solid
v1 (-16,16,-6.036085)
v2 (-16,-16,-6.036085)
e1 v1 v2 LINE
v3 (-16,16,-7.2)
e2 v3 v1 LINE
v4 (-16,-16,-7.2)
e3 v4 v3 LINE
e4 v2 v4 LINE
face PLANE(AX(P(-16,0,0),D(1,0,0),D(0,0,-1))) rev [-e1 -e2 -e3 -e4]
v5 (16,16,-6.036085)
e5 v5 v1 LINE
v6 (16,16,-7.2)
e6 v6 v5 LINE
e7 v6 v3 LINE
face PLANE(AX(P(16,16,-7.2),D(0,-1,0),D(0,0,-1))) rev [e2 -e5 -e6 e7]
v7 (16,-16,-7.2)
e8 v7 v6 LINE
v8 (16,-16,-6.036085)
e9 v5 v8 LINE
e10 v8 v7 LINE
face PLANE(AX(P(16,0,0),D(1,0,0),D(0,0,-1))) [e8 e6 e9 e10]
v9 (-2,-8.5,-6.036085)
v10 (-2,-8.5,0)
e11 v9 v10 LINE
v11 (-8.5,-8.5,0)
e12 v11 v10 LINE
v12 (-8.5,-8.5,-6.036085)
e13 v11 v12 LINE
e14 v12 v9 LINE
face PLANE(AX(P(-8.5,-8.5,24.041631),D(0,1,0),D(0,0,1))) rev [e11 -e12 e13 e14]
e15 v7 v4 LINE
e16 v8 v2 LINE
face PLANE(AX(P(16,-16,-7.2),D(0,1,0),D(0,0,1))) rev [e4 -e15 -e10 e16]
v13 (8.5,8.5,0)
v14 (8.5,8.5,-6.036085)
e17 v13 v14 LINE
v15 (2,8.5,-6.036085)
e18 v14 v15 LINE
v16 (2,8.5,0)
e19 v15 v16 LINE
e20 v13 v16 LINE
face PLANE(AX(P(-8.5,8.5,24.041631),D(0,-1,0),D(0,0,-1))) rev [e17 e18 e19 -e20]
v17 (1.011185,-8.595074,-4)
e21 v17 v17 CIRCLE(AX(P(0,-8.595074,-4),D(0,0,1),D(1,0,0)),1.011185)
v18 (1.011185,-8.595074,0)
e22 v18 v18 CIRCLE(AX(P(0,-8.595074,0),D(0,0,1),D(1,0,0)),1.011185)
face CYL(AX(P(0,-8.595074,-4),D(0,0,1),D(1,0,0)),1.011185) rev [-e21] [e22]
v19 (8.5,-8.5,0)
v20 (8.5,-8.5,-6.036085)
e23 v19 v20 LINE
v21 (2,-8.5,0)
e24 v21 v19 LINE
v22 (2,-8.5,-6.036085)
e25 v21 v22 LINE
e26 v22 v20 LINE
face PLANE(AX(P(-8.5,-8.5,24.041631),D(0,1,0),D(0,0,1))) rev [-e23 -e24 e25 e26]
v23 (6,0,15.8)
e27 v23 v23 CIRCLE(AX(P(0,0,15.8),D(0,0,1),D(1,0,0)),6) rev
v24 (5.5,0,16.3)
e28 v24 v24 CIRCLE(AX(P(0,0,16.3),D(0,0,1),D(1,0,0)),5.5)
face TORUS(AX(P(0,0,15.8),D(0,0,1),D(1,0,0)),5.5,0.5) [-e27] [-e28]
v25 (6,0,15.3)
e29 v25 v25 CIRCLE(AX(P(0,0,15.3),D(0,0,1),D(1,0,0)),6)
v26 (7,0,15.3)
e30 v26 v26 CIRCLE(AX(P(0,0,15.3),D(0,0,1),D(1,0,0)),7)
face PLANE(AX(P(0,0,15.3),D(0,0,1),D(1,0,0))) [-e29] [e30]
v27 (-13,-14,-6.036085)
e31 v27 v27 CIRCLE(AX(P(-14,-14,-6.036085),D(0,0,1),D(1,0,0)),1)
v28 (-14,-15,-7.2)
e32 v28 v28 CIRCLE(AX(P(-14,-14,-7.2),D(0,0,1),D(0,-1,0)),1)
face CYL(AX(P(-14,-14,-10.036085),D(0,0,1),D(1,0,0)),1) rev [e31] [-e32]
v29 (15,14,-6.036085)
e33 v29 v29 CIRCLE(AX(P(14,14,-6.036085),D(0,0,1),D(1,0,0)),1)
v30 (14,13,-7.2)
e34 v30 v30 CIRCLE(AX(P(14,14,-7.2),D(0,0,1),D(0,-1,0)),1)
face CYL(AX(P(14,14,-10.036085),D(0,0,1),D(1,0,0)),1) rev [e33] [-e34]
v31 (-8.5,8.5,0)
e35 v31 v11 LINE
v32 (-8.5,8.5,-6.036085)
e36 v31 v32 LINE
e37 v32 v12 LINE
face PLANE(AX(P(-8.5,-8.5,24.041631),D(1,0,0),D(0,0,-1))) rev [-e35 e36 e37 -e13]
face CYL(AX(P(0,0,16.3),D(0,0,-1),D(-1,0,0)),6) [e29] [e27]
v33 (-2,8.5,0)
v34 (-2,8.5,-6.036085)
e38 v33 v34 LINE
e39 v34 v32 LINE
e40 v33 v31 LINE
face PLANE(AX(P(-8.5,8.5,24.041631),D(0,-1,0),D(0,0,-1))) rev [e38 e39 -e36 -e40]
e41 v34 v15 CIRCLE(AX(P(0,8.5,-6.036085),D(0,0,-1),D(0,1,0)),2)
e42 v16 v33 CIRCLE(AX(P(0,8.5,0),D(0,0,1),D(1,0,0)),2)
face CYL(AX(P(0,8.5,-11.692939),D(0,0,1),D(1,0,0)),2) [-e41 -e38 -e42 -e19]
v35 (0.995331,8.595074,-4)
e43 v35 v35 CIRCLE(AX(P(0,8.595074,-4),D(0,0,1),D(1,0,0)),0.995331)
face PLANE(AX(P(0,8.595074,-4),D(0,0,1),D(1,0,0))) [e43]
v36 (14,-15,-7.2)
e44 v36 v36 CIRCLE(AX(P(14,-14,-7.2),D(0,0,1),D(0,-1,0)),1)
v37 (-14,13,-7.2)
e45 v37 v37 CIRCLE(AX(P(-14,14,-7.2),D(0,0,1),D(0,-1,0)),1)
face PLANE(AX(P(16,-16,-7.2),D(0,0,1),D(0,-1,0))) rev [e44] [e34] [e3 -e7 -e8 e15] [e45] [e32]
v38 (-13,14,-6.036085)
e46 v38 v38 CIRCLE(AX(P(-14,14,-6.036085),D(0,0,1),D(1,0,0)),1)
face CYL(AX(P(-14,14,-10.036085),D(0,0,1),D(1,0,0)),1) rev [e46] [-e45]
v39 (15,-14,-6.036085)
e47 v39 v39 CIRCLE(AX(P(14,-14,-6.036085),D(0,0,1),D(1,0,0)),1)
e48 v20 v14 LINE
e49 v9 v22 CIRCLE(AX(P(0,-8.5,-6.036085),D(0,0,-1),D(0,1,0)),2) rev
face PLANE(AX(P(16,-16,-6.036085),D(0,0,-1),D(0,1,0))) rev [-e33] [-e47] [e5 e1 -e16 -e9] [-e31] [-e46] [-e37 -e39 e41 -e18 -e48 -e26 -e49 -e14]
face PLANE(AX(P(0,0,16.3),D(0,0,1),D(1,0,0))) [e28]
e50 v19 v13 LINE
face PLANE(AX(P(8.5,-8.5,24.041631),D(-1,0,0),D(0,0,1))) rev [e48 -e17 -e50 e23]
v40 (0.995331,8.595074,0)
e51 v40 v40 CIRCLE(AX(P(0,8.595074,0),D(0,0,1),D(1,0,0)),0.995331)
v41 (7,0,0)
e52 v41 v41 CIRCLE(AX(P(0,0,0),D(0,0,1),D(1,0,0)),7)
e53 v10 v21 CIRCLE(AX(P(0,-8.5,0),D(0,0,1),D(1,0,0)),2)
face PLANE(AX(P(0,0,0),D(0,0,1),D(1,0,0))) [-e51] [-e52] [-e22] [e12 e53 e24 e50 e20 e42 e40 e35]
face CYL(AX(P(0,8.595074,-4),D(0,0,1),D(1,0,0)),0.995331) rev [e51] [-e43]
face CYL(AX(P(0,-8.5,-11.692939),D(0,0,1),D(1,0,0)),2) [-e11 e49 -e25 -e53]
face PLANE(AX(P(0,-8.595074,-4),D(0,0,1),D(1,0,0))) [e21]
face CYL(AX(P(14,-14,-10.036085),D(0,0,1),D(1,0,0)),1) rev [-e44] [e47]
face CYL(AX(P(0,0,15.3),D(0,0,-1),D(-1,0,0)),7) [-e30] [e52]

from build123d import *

# Parameters (mm, degrees)
SKETCH1_R           = 7
BOSS_EXTRUDE1_DEPTH = 15.3
SKETCH2_R           = 6
BOSS_EXTRUDE2_DEPTH = 1
FILLET1_R           = 0.5
SKETCH3_W           = 1.163915396
SKETCH3_H           = 32
BOSS_EXTRUDE3_DEPTH = 16
SKETCH4_W           = 17
SKETCH4_H           = 17
BOSS_EXTRUDE4_DEPTH = 6.036084604
SKETCH5_R           = 1
CUT_EXTRUDE1_DEPTH  = 4
SKETCH6_R           = 2
BOSS_EXTRUDE5_DEPTH = 6.036084604
SKETCH7_R           = 0.995331294
SKETCH7_R_2         = 1.011185122
CUT_EXTRUDE2_DEPTH  = 4


with BuildPart() as part:
    # Sketch1 → Boss-Extrude1 (new body)
    with BuildSketch(Plane.XY):
        Circle(SKETCH1_R)
    extrude(amount=BOSS_EXTRUDE1_DEPTH)

    # Sketch2 → Boss-Extrude2 (add)
    with BuildSketch(Plane.XY.offset(15.3)):
        Circle(SKETCH2_R)
    extrude(amount=BOSS_EXTRUDE2_DEPTH)

    # Fillet1
    fillet1_edges = [part.edges().sort_by_distance(p)[0] for p in [
        (-6, 0, 16.3),
    ]]
    fillet(fillet1_edges, radius=FILLET1_R)



with BuildPart() as body_2:
    # Sketch3 → Boss-Extrude3 (new, symmetric)
    with BuildSketch(Plane(origin=(0, 0, 0), x_dir=(0, 0, -1), z_dir=(1, 0, 0))):
        with Locations((6.618042302, 0)):
            Rectangle(SKETCH3_W, SKETCH3_H)
    extrude(amount=BOSS_EXTRUDE3_DEPTH, both=True)


with BuildPart() as part_1:
    add(part.part)

    add(body_2.part)  # Boss-Extrude4 merges body 2
    # Sketch4 → Boss-Extrude4 (add)
    with BuildSketch(Plane.XY.offset(-6.036084604)):
        Rectangle(SKETCH4_W, SKETCH4_H)
    extrude(amount=BOSS_EXTRUDE4_DEPTH)

    # Sketch5 → Cut-Extrude1 (cut)
    with BuildSketch(Plane.XY.offset(-6.036084604)):
        with Locations((-14, 14)):
            Circle(SKETCH5_R)
        with Locations((14, 14)):
            Circle(SKETCH5_R)
        with Locations((14, -14)):
            Circle(SKETCH5_R)
        with Locations((-14, -14)):
            Circle(SKETCH5_R)
    extrude(amount=-CUT_EXTRUDE1_DEPTH, mode=Mode.SUBTRACT)

    # Sketch6 → Boss-Extrude5 (add)
    with BuildSketch(Plane.XY):
        with Locations((0, 8.5)):
            Circle(SKETCH6_R)
        with Locations((0, -8.5)):
            Circle(SKETCH6_R)
    extrude(amount=-BOSS_EXTRUDE5_DEPTH)

    # Sketch7 → Cut-Extrude2 (cut)
    with BuildSketch(Plane.XY):
        with Locations((0, 8.595073535)):
            Circle(SKETCH7_R)
        with Locations((0, -8.595073535)):
            Circle(SKETCH7_R_2)
    extrude(amount=-CUT_EXTRUDE2_DEPTH, mode=Mode.SUBTRACT)


solid = part_1.part
